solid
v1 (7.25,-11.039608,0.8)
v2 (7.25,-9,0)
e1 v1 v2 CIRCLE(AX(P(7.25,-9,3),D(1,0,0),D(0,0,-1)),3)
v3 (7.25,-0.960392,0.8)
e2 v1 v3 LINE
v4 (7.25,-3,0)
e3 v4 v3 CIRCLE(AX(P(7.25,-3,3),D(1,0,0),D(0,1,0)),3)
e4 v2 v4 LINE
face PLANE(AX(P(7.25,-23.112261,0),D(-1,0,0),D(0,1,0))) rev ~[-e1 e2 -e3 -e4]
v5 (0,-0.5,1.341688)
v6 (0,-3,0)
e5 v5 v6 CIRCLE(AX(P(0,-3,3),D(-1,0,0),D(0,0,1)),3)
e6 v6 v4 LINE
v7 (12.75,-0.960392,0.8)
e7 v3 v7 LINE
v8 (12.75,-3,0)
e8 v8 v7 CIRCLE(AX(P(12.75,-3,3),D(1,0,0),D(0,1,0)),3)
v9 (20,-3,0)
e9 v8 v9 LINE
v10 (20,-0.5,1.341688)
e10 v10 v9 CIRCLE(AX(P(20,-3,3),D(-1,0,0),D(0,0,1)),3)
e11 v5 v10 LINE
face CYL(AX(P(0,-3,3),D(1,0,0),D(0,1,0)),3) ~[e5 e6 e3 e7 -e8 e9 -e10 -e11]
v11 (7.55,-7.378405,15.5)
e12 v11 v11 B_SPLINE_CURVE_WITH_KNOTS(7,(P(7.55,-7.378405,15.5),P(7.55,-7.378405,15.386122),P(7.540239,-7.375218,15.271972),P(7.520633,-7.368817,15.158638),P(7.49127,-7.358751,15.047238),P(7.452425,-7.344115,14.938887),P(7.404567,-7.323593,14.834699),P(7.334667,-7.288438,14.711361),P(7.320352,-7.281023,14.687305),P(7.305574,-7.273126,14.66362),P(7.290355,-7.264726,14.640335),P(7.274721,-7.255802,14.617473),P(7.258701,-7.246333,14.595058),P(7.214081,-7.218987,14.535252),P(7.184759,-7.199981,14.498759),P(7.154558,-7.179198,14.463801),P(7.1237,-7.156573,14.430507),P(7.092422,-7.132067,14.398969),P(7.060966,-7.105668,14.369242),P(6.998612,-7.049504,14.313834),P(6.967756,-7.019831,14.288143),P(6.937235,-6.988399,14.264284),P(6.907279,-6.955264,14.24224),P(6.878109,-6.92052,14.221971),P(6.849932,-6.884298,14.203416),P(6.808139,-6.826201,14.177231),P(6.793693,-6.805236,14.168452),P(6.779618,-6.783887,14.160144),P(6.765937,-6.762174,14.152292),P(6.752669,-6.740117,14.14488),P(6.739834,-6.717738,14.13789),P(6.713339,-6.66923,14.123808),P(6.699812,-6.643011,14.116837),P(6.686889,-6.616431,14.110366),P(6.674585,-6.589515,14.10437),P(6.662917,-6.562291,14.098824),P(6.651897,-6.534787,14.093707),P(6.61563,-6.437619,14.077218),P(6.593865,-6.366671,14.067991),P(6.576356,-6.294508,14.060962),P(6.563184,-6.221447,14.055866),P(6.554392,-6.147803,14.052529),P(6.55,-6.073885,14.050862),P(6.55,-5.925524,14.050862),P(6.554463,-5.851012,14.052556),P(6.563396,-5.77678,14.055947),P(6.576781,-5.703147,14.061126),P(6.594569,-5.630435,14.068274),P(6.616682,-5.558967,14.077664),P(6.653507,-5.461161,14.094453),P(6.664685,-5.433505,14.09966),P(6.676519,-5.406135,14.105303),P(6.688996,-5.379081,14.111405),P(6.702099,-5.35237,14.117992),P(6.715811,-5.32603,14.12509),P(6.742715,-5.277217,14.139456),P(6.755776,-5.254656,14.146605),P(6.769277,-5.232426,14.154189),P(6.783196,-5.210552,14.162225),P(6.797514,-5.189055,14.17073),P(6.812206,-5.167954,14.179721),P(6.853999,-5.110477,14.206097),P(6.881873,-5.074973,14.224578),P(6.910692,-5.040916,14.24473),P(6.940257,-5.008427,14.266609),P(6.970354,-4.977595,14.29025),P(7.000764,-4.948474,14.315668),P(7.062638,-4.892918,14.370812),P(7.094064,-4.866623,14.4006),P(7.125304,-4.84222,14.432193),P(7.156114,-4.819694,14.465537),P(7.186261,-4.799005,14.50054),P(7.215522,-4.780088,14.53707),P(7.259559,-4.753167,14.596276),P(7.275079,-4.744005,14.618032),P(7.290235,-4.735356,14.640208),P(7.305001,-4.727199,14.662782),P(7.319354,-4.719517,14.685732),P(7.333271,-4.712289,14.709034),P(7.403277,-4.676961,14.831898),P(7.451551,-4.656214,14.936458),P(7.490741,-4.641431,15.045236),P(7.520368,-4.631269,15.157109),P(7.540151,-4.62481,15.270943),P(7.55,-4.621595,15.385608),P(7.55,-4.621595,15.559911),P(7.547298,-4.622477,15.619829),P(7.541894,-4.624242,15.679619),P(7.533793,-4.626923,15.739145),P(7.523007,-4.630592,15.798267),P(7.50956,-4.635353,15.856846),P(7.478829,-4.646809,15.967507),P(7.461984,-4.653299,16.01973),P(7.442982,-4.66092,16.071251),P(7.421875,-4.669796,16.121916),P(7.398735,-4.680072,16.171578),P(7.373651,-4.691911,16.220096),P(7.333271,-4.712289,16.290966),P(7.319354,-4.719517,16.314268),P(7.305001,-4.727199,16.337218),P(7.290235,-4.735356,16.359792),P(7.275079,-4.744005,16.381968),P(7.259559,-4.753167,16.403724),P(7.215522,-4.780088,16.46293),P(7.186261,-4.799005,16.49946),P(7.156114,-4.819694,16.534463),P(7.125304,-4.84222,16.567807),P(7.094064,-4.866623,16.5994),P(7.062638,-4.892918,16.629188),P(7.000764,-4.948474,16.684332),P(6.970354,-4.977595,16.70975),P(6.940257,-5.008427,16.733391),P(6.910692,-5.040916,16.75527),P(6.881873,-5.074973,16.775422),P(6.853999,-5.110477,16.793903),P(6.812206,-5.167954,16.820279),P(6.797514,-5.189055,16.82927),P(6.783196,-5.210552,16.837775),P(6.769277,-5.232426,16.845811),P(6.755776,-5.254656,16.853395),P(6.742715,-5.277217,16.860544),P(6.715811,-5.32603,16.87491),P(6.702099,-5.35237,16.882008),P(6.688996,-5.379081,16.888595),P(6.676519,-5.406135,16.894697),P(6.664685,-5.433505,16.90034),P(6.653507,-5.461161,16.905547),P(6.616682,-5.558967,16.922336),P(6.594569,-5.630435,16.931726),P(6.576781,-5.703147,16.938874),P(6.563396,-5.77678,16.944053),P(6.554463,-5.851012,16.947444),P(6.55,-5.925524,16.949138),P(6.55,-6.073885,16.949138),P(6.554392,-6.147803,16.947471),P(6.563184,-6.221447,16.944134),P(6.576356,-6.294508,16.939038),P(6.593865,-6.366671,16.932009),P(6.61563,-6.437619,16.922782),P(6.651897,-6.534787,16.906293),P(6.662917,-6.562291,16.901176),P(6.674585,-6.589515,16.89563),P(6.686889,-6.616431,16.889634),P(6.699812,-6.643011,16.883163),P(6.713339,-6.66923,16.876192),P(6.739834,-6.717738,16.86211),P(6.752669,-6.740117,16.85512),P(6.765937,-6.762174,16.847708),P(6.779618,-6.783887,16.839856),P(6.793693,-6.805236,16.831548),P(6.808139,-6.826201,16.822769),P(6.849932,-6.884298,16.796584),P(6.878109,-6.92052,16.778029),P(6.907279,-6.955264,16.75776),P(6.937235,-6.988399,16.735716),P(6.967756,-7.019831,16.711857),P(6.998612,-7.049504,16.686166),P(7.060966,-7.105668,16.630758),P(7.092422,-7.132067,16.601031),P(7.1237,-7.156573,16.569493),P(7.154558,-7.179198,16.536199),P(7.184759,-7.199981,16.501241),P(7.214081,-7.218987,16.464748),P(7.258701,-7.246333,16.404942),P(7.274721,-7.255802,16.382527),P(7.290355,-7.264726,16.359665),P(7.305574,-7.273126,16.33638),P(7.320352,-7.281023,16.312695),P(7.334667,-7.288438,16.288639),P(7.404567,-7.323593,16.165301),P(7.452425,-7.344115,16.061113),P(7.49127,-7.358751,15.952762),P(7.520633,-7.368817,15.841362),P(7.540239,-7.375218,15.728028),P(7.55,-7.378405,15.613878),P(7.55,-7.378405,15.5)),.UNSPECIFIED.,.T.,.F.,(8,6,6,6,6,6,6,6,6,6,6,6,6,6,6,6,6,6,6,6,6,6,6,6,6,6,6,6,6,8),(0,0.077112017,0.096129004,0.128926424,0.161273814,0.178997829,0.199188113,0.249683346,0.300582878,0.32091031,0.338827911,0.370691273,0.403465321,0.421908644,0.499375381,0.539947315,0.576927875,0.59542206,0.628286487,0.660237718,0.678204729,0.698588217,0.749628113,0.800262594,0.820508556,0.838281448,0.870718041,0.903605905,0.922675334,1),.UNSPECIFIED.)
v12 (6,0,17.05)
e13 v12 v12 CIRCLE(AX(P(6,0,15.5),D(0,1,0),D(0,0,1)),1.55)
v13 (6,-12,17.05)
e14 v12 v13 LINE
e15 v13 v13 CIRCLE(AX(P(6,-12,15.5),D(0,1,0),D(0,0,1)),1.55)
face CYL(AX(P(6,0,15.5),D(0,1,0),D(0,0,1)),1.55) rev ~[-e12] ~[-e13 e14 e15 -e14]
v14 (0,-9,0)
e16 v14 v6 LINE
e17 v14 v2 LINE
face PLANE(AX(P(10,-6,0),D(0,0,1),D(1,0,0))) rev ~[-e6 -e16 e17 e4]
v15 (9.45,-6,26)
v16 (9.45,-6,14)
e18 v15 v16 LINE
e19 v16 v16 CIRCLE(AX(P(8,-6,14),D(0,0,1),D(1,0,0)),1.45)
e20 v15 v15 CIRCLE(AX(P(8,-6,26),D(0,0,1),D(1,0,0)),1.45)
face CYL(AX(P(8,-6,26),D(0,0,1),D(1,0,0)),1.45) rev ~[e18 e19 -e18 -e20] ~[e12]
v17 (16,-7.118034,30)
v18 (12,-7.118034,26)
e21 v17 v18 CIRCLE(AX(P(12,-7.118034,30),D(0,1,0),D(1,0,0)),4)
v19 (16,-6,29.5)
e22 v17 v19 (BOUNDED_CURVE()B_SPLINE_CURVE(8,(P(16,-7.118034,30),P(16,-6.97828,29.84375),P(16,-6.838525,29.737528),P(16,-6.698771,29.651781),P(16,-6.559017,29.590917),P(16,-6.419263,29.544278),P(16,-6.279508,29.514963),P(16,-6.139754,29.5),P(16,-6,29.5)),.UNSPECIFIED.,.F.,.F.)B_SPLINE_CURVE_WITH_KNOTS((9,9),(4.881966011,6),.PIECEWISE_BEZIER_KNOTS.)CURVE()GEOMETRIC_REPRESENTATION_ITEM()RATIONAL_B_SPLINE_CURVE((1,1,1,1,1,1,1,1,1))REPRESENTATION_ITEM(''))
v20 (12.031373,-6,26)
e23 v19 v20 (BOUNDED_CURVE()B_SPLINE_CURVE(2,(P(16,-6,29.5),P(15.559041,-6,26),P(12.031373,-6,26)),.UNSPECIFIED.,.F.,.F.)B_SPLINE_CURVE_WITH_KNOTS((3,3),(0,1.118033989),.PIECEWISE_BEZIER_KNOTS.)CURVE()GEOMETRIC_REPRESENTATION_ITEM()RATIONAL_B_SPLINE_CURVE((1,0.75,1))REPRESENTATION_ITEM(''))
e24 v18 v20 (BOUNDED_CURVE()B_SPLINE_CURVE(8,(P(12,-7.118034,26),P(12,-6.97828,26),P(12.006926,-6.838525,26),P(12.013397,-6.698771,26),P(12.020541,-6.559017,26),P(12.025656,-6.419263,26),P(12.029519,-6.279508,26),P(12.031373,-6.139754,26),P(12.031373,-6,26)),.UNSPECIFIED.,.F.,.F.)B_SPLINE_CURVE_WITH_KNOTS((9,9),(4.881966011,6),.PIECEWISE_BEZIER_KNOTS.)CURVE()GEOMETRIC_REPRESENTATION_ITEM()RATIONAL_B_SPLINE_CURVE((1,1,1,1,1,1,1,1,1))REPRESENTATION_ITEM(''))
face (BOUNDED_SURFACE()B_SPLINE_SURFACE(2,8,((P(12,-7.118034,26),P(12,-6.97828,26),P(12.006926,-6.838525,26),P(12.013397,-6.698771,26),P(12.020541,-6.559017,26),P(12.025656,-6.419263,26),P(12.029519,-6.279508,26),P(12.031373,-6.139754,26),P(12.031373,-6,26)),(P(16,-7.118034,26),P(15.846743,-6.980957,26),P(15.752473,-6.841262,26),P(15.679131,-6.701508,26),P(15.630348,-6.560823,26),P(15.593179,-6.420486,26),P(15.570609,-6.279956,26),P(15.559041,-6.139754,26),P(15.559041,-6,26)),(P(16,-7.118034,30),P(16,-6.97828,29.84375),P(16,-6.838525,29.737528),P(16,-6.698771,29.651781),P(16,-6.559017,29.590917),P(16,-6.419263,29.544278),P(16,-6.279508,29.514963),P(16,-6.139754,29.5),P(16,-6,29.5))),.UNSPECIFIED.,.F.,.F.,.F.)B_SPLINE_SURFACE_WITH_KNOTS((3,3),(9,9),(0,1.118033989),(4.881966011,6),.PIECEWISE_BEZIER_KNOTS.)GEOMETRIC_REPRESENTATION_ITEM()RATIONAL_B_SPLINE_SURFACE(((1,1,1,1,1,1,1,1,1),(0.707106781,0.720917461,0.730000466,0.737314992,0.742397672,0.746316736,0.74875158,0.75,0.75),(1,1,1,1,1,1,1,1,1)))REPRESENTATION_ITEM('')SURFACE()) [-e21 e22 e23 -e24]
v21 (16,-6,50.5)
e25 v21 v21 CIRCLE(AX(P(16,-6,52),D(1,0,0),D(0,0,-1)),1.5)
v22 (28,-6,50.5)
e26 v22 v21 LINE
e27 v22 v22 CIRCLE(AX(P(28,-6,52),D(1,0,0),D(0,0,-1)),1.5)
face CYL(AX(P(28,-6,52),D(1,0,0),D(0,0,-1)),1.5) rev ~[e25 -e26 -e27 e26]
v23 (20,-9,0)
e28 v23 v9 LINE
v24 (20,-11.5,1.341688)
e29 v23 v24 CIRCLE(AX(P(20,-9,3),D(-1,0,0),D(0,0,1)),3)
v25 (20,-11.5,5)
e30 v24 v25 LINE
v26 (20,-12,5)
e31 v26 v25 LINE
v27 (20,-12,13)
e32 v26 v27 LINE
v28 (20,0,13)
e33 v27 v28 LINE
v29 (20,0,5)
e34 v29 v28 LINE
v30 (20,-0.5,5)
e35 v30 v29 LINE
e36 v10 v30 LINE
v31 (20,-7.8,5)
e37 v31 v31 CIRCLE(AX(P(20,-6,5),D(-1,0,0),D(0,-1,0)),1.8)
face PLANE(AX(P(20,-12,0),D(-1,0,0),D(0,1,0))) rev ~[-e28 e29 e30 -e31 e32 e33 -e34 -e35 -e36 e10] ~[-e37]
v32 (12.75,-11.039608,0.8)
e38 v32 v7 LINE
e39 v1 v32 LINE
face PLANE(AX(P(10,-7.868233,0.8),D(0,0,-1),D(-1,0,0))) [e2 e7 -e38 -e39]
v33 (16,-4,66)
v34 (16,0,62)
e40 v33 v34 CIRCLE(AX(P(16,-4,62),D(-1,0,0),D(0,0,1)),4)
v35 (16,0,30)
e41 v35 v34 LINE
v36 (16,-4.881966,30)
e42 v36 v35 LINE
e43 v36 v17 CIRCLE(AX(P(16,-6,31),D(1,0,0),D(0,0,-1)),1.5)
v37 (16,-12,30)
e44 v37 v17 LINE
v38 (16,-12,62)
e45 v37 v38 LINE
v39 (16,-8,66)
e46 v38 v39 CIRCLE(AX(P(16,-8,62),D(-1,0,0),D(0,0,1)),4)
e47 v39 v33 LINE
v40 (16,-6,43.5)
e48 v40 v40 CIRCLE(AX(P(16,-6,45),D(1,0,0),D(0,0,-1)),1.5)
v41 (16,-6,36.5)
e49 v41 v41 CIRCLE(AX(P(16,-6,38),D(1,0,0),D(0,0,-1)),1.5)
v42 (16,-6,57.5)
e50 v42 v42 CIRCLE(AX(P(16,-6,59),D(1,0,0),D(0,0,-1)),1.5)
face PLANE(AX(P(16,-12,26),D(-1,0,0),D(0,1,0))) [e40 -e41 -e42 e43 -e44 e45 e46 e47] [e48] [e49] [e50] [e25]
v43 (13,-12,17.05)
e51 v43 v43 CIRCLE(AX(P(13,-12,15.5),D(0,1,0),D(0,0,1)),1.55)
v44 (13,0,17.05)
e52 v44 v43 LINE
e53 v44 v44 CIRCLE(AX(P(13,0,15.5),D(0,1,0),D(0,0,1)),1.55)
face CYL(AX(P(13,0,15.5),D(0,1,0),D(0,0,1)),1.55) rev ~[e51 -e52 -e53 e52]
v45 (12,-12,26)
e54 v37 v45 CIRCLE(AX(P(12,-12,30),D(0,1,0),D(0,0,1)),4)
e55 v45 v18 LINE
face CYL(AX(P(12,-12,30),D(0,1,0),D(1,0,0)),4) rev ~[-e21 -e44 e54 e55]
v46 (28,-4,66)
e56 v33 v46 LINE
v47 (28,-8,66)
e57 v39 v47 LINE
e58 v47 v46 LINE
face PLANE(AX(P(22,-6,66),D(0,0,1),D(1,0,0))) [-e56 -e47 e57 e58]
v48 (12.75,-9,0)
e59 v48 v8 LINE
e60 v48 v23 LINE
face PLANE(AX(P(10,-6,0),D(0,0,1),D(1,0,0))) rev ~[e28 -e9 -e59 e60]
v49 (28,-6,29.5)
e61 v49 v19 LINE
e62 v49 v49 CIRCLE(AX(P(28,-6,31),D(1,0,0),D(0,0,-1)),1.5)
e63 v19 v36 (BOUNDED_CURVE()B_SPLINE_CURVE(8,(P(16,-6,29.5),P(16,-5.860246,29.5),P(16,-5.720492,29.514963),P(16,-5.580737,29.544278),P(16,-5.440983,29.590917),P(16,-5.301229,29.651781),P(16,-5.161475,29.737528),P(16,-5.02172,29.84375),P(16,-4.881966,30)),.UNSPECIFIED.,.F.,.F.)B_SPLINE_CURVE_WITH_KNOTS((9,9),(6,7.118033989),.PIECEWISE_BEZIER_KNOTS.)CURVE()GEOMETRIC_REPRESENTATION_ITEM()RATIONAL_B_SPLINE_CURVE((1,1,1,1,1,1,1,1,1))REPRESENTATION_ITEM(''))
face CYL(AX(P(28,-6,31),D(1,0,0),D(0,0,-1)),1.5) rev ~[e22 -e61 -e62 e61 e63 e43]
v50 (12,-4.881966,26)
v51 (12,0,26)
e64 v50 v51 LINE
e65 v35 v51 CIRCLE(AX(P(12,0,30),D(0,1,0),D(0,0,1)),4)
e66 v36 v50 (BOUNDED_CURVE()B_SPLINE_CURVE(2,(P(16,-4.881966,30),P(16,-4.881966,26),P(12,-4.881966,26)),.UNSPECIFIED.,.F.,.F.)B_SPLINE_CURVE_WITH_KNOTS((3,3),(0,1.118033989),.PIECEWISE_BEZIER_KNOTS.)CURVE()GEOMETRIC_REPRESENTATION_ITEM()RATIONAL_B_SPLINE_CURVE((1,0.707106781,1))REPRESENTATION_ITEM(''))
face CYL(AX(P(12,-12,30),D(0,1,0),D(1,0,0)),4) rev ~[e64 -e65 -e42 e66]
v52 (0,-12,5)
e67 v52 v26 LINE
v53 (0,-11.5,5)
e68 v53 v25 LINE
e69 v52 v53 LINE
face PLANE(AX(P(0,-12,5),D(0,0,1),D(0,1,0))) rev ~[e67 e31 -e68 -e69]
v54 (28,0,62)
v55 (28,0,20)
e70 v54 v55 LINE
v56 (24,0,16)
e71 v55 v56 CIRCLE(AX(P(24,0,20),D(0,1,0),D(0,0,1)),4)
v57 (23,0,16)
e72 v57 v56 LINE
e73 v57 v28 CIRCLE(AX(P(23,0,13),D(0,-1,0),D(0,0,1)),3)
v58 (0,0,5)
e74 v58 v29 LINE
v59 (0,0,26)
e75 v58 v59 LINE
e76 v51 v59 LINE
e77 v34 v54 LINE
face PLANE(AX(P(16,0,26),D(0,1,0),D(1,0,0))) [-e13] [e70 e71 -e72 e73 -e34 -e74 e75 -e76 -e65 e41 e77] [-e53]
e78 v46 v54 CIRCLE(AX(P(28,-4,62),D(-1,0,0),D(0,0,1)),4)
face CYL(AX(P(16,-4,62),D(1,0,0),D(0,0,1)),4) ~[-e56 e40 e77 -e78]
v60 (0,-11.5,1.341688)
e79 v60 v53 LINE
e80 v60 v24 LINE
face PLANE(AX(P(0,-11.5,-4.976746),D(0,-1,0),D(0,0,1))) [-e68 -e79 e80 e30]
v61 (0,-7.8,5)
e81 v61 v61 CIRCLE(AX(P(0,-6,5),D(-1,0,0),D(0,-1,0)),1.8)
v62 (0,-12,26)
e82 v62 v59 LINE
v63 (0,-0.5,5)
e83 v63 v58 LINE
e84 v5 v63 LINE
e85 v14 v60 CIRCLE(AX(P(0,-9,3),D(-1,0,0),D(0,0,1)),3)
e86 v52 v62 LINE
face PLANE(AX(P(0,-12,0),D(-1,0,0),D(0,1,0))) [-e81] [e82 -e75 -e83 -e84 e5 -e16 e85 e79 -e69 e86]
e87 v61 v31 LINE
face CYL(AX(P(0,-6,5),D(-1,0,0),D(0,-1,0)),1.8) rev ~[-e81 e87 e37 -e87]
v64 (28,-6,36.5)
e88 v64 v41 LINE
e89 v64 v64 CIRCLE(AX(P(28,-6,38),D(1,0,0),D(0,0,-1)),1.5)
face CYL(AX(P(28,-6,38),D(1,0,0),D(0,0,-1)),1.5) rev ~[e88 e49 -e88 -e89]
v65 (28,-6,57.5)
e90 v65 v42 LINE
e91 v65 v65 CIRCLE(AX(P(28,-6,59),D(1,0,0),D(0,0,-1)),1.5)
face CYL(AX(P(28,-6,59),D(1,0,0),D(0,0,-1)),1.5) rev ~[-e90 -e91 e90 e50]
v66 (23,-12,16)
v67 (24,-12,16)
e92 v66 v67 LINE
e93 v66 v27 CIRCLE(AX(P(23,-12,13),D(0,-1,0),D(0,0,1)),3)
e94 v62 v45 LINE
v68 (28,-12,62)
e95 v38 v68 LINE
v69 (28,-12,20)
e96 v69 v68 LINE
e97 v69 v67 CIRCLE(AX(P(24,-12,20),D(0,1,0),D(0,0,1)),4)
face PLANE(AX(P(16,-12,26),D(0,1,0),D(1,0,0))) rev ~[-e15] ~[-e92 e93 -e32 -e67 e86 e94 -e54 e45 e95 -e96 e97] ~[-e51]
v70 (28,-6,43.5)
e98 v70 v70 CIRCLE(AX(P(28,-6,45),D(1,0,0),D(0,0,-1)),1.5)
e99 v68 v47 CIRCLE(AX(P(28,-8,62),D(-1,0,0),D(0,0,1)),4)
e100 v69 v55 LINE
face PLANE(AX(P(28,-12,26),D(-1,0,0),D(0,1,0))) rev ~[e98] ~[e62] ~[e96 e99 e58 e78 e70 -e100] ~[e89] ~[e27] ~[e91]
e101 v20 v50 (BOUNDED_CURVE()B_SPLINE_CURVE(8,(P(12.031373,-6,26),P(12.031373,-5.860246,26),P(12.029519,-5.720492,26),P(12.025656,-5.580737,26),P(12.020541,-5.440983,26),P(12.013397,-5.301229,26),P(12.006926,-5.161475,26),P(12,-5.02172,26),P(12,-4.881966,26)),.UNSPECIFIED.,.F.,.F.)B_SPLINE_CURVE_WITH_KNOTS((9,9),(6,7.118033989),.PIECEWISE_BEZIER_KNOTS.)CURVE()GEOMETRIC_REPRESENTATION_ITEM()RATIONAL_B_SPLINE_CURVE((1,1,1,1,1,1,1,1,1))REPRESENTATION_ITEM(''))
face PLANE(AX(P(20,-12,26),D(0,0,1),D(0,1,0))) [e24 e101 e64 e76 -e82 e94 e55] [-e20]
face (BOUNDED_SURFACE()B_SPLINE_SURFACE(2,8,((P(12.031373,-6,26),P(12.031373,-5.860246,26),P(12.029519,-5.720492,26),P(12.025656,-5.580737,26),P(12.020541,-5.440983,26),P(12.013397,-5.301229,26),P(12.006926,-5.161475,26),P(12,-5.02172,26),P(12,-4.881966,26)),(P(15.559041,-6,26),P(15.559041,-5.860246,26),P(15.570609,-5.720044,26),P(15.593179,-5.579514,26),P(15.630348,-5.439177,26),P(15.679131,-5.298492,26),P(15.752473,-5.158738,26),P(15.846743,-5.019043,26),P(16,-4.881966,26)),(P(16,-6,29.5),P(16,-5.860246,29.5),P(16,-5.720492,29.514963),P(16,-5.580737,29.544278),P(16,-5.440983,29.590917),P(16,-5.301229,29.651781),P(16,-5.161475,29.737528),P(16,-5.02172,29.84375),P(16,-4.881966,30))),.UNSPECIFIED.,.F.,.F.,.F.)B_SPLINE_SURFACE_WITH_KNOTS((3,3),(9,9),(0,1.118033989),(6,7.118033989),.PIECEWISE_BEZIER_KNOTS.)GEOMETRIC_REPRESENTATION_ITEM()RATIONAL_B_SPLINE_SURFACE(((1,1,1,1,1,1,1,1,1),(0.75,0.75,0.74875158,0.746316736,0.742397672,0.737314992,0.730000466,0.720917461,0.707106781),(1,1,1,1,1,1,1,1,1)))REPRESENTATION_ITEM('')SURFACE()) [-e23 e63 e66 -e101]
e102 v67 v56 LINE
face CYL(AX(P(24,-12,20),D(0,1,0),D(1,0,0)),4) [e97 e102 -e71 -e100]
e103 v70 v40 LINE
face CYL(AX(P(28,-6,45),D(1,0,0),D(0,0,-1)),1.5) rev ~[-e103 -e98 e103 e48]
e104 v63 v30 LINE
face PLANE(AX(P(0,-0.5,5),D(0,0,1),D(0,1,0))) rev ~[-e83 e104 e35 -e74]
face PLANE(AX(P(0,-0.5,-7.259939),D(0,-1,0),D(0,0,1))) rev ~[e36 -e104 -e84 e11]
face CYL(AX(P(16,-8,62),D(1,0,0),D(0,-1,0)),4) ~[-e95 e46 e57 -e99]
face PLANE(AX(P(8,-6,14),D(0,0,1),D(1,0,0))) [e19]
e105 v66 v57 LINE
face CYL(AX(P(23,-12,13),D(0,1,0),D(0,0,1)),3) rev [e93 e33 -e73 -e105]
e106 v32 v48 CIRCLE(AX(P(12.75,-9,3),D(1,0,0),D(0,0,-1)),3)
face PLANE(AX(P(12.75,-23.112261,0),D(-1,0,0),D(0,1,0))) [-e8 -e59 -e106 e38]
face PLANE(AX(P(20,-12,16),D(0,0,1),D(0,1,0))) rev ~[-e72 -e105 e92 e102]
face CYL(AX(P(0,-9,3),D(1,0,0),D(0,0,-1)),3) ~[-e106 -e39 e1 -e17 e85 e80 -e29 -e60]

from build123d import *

# Parameters (mm, degrees)
SKETCH1_W           = 20
SKETCH1_H           = 12
BOSS_EXTRUDE1_DEPTH = 26
SKETCH2_W           = 10
SKETCH2_H           = 12
BOSS_EXTRUDE2_DEPTH = 8
SKETCH4_R           = 1.55
CUT_EXTRUDE2_DEPTH  = 41.049968789
FILLET1_R           = 3
FILLET3_R           = 3
SKETCH5_W           = 9.976745634
SKETCH5_H           = 0.5
SKETCH5_W_2         = 12.25993895
CUT_EXTRUDE3_DEPTH  = 41.049968789
SKETCH6_W           = 5.5
SKETCH6_H           = 30.488056323
CUT_EXTRUDE4_DEPTH  = 0.8
SKETCH8_W           = 12
SKETCH8_H           = 12
BOSS_EXTRUDE3_DEPTH = 40
SKETCH3_R           = 1.8
CUT_EXTRUDE1_DEPTH  = 73.691127382
SKETCH9_R           = 1.5
CUT_EXTRUDE6_DEPTH  = 12
FILLET4_R           = 4
SKETCH10_R          = 1.45
CUT_EXTRUDE7_DEPTH  = 12
FILLET5_R           = 4
FILLET7_R           = 4


with BuildPart() as part:
    # Sketch1 → Boss-Extrude1 (new body)
    with BuildSketch(Plane.XY):
        with Locations((10, -6)):
            Rectangle(SKETCH1_W, SKETCH1_H)
    extrude(amount=BOSS_EXTRUDE1_DEPTH)

    # Sketch2 → Boss-Extrude2 (add)
    with BuildSketch(Plane(origin=(20, 0, 0), x_dir=(0, 0, -1), z_dir=(1, 0, 0))):
        with Locations((-21, -6)):
            Rectangle(SKETCH2_W, SKETCH2_H)
    extrude(amount=BOSS_EXTRUDE2_DEPTH)

    # Sketch4 → Cut-Extrude2 (cut, through all)
    with BuildSketch(Plane(origin=(0, 0, 0), x_dir=(1, 0, 0), z_dir=(0, 1, 0))):
        with Locations(Location((13, -15.5, 0), (0, 0, 270))):
            Circle(SKETCH4_R)
        with Locations(Location((6, -15.5, 0), (0, 0, 270))):
            Circle(SKETCH4_R)
    extrude(amount=-CUT_EXTRUDE2_DEPTH, mode=Mode.SUBTRACT)

    # Fillet1
    fillet1_edges = [part.edges().sort_by_distance(p)[0] for p in [
        (20, -6, 16),
    ]]
    fillet(fillet1_edges, radius=FILLET1_R)

    # Fillet3
    fillet3_edges = [part.edges().sort_by_distance(p)[0] for p in [
        (10, 0, 0),
        (10, -12, 0),
    ]]
    fillet(fillet3_edges, radius=FILLET3_R)

    # Sketch5 → Cut-Extrude3 (cut, through all)
    with BuildSketch(Plane.ZY):
        with Locations((0.011627183, -11.75)):
            Rectangle(SKETCH5_W, SKETCH5_H)
        with Locations((-1.129969475, -0.25)):
            Rectangle(SKETCH5_W_2, SKETCH5_H)
    extrude(amount=-CUT_EXTRUDE3_DEPTH, mode=Mode.SUBTRACT)

    # Sketch6 → Cut-Extrude4 (cut)
    with BuildSketch(Plane(origin=(0, 0, 0), x_dir=(-1, 0, 0), z_dir=(0, 0, -1))):
        with Locations((-10, -7.868232937)):
            Rectangle(SKETCH6_W, SKETCH6_H)
    extrude(amount=-CUT_EXTRUDE4_DEPTH, mode=Mode.SUBTRACT)

    # Sketch8 → Boss-Extrude3 (add)
    with BuildSketch(Plane.XY.offset(26)):
        with Locations((22, -6)):
            Rectangle(SKETCH8_W, SKETCH8_H)
    extrude(amount=BOSS_EXTRUDE3_DEPTH)

    # Sketch3 → Cut-Extrude1 (cut, through all)
    with BuildSketch(Plane.ZY):
        with Locations(Location((5, -6, 0), (0, 0, 270))):
            Circle(SKETCH3_R)
    extrude(amount=-CUT_EXTRUDE1_DEPTH, mode=Mode.SUBTRACT)

    # Sketch9 → Cut-Extrude6 (cut)
    with BuildSketch(Plane(origin=(28, 0, 0), x_dir=(0, 0, -1), z_dir=(1, 0, 0))):
        with Locations((-31, -6)):
            Circle(SKETCH9_R)
        with Locations((-38, -6)):
            Circle(SKETCH9_R)
        with Locations((-45, -6)):
            Circle(SKETCH9_R)
        with Locations((-52, -6)):
            Circle(SKETCH9_R)
        with Locations((-59, -6)):
            Circle(SKETCH9_R)
    extrude(amount=-CUT_EXTRUDE6_DEPTH, mode=Mode.SUBTRACT)

    # Fillet4
    fillet4_edges = [part.edges().sort_by_distance(p)[0] for p in [
        (16, -6, 26),
    ]]
    fillet(fillet4_edges, radius=FILLET4_R)

    # Sketch10 → Cut-Extrude7 (cut)
    with BuildSketch(Plane.XY.offset(26)):
        with Locations((8, -6)):
            Circle(SKETCH10_R)
    extrude(amount=-CUT_EXTRUDE7_DEPTH, mode=Mode.SUBTRACT)

    # Fillet5
    fillet5_edges = [part.edges().sort_by_distance(p)[0] for p in [
        (28, -6, 16),
    ]]
    fillet(fillet5_edges, radius=FILLET5_R)

    # Fillet7
    fillet7_edges = [part.edges().sort_by_distance(p)[0] for p in [
        (22, 0, 66),
        (22, -12, 66),
    ]]
    fillet(fillet7_edges, radius=FILLET7_R)


solid = part.part
